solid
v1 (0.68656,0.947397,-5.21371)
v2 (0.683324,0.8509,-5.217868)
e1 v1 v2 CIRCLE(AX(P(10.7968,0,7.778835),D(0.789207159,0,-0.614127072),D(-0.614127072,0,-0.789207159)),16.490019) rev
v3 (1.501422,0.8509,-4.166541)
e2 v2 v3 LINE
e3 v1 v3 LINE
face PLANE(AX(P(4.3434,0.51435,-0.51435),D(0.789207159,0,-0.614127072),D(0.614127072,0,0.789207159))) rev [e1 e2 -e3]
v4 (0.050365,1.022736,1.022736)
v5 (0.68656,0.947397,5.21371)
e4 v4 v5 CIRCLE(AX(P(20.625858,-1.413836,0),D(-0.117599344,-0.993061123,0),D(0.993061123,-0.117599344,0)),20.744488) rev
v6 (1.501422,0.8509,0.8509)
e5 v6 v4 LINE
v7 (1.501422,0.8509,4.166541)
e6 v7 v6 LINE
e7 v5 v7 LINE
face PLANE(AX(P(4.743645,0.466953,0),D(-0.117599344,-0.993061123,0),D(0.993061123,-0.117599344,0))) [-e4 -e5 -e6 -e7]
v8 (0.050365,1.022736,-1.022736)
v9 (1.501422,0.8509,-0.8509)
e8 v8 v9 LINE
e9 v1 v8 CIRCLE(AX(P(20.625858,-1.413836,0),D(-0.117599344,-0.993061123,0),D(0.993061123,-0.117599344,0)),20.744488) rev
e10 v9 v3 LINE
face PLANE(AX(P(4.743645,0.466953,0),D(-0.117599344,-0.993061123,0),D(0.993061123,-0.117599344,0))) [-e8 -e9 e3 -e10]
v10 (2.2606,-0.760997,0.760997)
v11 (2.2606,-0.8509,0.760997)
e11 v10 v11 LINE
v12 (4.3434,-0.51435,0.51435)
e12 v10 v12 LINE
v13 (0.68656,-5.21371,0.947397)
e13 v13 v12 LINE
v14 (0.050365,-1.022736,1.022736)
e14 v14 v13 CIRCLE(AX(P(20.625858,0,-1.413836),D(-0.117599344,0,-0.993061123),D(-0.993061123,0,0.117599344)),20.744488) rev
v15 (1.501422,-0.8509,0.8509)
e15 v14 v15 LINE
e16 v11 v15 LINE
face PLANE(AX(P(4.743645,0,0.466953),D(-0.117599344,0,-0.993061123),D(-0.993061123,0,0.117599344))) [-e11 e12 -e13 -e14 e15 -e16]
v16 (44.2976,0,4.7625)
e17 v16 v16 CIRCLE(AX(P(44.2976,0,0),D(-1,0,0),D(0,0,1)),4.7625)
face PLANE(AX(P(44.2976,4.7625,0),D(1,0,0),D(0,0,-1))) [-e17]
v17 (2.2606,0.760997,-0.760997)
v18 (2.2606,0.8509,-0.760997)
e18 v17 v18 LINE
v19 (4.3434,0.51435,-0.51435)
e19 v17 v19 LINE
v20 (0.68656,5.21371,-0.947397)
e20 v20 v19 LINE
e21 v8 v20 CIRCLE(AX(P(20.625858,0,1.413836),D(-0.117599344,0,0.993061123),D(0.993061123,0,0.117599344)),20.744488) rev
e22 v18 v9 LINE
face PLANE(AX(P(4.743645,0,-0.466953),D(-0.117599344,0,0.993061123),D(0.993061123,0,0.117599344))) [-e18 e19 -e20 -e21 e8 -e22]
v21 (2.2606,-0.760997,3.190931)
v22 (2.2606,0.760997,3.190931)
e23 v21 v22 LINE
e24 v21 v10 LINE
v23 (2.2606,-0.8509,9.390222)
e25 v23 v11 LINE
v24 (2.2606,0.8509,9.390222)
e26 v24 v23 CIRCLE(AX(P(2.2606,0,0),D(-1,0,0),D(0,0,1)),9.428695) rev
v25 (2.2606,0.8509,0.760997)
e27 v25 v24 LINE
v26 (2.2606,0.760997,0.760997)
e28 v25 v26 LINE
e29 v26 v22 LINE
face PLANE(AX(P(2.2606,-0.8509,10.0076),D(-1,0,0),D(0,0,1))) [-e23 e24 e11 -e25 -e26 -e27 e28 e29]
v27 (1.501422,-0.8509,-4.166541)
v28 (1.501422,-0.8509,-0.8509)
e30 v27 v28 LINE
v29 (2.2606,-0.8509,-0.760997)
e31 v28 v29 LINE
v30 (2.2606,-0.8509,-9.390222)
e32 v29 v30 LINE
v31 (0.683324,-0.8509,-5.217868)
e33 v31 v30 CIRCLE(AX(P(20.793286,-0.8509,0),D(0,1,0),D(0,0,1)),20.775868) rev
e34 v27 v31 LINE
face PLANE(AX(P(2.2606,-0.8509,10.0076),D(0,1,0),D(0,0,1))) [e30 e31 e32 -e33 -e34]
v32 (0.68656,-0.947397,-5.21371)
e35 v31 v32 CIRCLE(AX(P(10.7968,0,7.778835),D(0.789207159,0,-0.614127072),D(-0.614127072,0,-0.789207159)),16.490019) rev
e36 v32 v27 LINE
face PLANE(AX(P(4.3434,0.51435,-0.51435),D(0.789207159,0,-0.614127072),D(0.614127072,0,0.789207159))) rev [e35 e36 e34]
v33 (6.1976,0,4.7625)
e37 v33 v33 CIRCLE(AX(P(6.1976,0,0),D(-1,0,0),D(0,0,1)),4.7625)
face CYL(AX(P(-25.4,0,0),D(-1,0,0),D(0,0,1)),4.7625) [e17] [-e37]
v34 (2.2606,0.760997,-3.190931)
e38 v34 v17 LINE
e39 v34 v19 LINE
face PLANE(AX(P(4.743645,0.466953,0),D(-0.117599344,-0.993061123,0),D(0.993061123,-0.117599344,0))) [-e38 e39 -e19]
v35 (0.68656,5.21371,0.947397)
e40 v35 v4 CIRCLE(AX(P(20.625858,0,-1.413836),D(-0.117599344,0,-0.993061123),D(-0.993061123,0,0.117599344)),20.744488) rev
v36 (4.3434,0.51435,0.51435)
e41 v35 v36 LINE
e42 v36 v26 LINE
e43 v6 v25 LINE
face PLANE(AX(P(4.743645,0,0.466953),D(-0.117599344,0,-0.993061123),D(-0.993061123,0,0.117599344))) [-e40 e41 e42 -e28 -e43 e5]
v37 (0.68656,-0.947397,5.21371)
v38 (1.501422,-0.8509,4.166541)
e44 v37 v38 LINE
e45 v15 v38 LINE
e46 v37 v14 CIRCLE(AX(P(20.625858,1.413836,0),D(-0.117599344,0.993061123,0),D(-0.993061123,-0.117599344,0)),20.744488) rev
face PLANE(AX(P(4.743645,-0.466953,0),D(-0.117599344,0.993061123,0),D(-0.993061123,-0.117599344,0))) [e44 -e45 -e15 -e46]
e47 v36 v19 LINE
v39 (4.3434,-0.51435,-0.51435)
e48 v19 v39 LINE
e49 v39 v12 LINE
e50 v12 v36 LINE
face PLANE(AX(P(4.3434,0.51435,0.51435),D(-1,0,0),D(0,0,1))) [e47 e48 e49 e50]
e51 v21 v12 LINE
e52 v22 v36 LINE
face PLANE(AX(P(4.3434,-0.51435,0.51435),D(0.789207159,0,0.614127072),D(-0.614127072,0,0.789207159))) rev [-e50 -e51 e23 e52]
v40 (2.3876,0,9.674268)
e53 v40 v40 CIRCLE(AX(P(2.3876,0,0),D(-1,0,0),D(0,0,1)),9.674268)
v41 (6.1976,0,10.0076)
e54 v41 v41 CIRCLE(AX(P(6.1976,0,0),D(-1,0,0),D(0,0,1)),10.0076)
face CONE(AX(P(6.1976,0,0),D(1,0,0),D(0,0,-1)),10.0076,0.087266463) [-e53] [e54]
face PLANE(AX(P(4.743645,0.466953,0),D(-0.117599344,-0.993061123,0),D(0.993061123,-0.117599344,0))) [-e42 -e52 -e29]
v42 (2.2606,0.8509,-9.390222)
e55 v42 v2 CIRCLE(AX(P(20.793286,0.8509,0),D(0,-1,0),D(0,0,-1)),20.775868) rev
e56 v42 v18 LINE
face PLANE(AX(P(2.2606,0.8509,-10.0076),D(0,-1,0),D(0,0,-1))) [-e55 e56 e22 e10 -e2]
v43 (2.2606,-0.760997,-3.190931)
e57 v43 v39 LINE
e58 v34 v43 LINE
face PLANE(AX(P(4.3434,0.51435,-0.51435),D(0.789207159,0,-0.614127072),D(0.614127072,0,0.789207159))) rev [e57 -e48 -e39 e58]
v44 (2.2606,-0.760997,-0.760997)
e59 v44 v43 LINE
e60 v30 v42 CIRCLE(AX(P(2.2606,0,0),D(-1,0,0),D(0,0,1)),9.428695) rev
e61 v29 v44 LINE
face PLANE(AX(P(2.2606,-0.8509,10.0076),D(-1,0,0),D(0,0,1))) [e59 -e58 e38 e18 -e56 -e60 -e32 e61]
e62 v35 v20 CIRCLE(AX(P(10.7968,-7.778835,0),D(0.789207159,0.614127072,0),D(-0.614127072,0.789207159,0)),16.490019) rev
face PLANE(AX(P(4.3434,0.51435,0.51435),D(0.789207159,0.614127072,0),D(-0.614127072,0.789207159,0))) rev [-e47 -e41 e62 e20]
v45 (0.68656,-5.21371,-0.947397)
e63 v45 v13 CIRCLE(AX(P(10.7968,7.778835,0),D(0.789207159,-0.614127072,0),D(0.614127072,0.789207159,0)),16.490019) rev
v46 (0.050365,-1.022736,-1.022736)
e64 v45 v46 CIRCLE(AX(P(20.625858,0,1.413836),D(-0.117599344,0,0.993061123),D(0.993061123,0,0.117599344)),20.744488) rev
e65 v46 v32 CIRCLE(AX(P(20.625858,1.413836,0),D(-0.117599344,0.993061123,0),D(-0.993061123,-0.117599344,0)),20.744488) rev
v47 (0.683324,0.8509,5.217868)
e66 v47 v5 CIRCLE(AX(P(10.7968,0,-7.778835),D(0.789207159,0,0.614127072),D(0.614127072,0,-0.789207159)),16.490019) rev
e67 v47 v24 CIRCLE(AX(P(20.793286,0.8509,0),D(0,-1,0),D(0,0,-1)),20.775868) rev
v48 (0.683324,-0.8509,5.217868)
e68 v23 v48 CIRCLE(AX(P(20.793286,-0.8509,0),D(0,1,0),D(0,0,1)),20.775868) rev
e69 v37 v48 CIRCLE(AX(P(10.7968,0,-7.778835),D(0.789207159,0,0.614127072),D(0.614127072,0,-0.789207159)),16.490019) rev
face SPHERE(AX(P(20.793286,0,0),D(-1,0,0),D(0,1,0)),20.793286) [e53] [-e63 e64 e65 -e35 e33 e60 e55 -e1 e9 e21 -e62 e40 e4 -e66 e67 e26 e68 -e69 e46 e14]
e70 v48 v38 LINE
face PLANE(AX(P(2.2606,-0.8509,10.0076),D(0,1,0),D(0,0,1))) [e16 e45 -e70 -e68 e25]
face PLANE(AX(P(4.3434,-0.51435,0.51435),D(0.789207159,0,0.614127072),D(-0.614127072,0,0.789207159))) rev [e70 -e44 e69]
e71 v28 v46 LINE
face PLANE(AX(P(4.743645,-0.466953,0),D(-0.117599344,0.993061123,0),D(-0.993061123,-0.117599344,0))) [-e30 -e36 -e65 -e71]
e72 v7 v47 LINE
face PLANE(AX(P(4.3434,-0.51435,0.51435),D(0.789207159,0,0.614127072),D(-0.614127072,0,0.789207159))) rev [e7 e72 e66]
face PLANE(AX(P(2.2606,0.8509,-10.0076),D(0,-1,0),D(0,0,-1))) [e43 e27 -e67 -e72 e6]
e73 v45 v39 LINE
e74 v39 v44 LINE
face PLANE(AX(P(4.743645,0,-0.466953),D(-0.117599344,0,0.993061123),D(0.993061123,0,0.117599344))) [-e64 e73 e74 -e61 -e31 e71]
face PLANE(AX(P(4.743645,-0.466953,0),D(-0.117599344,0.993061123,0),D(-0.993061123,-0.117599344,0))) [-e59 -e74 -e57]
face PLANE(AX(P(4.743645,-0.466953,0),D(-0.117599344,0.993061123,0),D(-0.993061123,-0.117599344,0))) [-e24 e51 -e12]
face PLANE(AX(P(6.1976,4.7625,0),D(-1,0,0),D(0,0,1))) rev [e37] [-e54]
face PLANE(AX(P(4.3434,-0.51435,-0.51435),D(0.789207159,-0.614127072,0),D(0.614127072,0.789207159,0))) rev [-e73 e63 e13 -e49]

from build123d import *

# Parameters (mm, degrees)
SKETCH2_W         = 20.0152
SKETCH2_H         = 1.7018
SLOT_DEPTH        = 2.2606
CIRPATTERN1_COUNT = 2
CIRPATTERN1_ANGLE = 90


with BuildPart() as part:
    # BodySke → Base-Revolve (revolve)
    with BuildSketch(Plane.XY, mode=Mode.PRIVATE) as base_revolve_sk:
        with BuildLine():
            Line((6.1976, 4.7625), (6.1976, 10.0076))
            Line((6.1976, 10.0076), (2.3876, 9.674268192))
            ThreePointArc((2.3876, 9.674268192), (0.605722555, 4.982271039), (0, 0))
            Line((0, 0), (44.2976, 0))
            Line((44.2976, 0), (44.2976, 4.7625))
            Line((44.2976, 4.7625), (6.1976, 4.7625))
        make_face()
    revolve(base_revolve_sk.sketch.rotate(Axis((-25.4, 0, 0), (1, 0, 0)), 90), axis=Axis((-25.4, 0, 0), (1, 0, 0)))

    # Sketch2 → Slot (cut)
    with BuildSketch(Plane(origin=(0, 0, 0), x_dir=(0, 0, -1), z_dir=(1, 0, 0))):
        Rectangle(SKETCH2_W, SKETCH2_H)
    extrude(amount=SLOT_DEPTH, mode=Mode.SUBTRACT)

    # Sketch3 → Cross section 0
    with BuildSketch(Plane(origin=(0, 0, 0), x_dir=(0, 0, -1), z_dir=(1, 0, 0))):
        with BuildLine():
            Line((-1.0287, 6.096), (1.0287, 6.096))
            Line((1.0287, 6.096), (1.0287, -6.096))
            Line((1.0287, -6.096), (-1.0287, -6.096))
            Line((-1.0287, -6.096), (-1.0287, 6.096))
        make_face()
    # Sketch4 → Cross section 1
    with BuildSketch(Plane(origin=(4.3434, 0, 0), x_dir=(0, 0, -1), z_dir=(1, 0, 0))):
        with BuildLine():
            Line((-0.51435, 0.51435), (0.51435, 0.51435))
            Line((0.51435, 0.51435), (0.51435, -0.51435))
            Line((0.51435, -0.51435), (-0.51435, -0.51435))
            Line((-0.51435, -0.51435), (-0.51435, 0.51435))
        make_face()
    cross = loft(mode=Mode.SUBTRACT)

    # CirPattern1: Cross ×2 about axis
    cirpattern1_axis = Axis((0, 0, 0), (1, 0, 0))
    for i in range(1, CIRPATTERN1_COUNT):
        add(cross.rotate(cirpattern1_axis, i * CIRPATTERN1_ANGLE / (CIRPATTERN1_COUNT - 1)), mode=Mode.SUBTRACT)


solid = part.part
